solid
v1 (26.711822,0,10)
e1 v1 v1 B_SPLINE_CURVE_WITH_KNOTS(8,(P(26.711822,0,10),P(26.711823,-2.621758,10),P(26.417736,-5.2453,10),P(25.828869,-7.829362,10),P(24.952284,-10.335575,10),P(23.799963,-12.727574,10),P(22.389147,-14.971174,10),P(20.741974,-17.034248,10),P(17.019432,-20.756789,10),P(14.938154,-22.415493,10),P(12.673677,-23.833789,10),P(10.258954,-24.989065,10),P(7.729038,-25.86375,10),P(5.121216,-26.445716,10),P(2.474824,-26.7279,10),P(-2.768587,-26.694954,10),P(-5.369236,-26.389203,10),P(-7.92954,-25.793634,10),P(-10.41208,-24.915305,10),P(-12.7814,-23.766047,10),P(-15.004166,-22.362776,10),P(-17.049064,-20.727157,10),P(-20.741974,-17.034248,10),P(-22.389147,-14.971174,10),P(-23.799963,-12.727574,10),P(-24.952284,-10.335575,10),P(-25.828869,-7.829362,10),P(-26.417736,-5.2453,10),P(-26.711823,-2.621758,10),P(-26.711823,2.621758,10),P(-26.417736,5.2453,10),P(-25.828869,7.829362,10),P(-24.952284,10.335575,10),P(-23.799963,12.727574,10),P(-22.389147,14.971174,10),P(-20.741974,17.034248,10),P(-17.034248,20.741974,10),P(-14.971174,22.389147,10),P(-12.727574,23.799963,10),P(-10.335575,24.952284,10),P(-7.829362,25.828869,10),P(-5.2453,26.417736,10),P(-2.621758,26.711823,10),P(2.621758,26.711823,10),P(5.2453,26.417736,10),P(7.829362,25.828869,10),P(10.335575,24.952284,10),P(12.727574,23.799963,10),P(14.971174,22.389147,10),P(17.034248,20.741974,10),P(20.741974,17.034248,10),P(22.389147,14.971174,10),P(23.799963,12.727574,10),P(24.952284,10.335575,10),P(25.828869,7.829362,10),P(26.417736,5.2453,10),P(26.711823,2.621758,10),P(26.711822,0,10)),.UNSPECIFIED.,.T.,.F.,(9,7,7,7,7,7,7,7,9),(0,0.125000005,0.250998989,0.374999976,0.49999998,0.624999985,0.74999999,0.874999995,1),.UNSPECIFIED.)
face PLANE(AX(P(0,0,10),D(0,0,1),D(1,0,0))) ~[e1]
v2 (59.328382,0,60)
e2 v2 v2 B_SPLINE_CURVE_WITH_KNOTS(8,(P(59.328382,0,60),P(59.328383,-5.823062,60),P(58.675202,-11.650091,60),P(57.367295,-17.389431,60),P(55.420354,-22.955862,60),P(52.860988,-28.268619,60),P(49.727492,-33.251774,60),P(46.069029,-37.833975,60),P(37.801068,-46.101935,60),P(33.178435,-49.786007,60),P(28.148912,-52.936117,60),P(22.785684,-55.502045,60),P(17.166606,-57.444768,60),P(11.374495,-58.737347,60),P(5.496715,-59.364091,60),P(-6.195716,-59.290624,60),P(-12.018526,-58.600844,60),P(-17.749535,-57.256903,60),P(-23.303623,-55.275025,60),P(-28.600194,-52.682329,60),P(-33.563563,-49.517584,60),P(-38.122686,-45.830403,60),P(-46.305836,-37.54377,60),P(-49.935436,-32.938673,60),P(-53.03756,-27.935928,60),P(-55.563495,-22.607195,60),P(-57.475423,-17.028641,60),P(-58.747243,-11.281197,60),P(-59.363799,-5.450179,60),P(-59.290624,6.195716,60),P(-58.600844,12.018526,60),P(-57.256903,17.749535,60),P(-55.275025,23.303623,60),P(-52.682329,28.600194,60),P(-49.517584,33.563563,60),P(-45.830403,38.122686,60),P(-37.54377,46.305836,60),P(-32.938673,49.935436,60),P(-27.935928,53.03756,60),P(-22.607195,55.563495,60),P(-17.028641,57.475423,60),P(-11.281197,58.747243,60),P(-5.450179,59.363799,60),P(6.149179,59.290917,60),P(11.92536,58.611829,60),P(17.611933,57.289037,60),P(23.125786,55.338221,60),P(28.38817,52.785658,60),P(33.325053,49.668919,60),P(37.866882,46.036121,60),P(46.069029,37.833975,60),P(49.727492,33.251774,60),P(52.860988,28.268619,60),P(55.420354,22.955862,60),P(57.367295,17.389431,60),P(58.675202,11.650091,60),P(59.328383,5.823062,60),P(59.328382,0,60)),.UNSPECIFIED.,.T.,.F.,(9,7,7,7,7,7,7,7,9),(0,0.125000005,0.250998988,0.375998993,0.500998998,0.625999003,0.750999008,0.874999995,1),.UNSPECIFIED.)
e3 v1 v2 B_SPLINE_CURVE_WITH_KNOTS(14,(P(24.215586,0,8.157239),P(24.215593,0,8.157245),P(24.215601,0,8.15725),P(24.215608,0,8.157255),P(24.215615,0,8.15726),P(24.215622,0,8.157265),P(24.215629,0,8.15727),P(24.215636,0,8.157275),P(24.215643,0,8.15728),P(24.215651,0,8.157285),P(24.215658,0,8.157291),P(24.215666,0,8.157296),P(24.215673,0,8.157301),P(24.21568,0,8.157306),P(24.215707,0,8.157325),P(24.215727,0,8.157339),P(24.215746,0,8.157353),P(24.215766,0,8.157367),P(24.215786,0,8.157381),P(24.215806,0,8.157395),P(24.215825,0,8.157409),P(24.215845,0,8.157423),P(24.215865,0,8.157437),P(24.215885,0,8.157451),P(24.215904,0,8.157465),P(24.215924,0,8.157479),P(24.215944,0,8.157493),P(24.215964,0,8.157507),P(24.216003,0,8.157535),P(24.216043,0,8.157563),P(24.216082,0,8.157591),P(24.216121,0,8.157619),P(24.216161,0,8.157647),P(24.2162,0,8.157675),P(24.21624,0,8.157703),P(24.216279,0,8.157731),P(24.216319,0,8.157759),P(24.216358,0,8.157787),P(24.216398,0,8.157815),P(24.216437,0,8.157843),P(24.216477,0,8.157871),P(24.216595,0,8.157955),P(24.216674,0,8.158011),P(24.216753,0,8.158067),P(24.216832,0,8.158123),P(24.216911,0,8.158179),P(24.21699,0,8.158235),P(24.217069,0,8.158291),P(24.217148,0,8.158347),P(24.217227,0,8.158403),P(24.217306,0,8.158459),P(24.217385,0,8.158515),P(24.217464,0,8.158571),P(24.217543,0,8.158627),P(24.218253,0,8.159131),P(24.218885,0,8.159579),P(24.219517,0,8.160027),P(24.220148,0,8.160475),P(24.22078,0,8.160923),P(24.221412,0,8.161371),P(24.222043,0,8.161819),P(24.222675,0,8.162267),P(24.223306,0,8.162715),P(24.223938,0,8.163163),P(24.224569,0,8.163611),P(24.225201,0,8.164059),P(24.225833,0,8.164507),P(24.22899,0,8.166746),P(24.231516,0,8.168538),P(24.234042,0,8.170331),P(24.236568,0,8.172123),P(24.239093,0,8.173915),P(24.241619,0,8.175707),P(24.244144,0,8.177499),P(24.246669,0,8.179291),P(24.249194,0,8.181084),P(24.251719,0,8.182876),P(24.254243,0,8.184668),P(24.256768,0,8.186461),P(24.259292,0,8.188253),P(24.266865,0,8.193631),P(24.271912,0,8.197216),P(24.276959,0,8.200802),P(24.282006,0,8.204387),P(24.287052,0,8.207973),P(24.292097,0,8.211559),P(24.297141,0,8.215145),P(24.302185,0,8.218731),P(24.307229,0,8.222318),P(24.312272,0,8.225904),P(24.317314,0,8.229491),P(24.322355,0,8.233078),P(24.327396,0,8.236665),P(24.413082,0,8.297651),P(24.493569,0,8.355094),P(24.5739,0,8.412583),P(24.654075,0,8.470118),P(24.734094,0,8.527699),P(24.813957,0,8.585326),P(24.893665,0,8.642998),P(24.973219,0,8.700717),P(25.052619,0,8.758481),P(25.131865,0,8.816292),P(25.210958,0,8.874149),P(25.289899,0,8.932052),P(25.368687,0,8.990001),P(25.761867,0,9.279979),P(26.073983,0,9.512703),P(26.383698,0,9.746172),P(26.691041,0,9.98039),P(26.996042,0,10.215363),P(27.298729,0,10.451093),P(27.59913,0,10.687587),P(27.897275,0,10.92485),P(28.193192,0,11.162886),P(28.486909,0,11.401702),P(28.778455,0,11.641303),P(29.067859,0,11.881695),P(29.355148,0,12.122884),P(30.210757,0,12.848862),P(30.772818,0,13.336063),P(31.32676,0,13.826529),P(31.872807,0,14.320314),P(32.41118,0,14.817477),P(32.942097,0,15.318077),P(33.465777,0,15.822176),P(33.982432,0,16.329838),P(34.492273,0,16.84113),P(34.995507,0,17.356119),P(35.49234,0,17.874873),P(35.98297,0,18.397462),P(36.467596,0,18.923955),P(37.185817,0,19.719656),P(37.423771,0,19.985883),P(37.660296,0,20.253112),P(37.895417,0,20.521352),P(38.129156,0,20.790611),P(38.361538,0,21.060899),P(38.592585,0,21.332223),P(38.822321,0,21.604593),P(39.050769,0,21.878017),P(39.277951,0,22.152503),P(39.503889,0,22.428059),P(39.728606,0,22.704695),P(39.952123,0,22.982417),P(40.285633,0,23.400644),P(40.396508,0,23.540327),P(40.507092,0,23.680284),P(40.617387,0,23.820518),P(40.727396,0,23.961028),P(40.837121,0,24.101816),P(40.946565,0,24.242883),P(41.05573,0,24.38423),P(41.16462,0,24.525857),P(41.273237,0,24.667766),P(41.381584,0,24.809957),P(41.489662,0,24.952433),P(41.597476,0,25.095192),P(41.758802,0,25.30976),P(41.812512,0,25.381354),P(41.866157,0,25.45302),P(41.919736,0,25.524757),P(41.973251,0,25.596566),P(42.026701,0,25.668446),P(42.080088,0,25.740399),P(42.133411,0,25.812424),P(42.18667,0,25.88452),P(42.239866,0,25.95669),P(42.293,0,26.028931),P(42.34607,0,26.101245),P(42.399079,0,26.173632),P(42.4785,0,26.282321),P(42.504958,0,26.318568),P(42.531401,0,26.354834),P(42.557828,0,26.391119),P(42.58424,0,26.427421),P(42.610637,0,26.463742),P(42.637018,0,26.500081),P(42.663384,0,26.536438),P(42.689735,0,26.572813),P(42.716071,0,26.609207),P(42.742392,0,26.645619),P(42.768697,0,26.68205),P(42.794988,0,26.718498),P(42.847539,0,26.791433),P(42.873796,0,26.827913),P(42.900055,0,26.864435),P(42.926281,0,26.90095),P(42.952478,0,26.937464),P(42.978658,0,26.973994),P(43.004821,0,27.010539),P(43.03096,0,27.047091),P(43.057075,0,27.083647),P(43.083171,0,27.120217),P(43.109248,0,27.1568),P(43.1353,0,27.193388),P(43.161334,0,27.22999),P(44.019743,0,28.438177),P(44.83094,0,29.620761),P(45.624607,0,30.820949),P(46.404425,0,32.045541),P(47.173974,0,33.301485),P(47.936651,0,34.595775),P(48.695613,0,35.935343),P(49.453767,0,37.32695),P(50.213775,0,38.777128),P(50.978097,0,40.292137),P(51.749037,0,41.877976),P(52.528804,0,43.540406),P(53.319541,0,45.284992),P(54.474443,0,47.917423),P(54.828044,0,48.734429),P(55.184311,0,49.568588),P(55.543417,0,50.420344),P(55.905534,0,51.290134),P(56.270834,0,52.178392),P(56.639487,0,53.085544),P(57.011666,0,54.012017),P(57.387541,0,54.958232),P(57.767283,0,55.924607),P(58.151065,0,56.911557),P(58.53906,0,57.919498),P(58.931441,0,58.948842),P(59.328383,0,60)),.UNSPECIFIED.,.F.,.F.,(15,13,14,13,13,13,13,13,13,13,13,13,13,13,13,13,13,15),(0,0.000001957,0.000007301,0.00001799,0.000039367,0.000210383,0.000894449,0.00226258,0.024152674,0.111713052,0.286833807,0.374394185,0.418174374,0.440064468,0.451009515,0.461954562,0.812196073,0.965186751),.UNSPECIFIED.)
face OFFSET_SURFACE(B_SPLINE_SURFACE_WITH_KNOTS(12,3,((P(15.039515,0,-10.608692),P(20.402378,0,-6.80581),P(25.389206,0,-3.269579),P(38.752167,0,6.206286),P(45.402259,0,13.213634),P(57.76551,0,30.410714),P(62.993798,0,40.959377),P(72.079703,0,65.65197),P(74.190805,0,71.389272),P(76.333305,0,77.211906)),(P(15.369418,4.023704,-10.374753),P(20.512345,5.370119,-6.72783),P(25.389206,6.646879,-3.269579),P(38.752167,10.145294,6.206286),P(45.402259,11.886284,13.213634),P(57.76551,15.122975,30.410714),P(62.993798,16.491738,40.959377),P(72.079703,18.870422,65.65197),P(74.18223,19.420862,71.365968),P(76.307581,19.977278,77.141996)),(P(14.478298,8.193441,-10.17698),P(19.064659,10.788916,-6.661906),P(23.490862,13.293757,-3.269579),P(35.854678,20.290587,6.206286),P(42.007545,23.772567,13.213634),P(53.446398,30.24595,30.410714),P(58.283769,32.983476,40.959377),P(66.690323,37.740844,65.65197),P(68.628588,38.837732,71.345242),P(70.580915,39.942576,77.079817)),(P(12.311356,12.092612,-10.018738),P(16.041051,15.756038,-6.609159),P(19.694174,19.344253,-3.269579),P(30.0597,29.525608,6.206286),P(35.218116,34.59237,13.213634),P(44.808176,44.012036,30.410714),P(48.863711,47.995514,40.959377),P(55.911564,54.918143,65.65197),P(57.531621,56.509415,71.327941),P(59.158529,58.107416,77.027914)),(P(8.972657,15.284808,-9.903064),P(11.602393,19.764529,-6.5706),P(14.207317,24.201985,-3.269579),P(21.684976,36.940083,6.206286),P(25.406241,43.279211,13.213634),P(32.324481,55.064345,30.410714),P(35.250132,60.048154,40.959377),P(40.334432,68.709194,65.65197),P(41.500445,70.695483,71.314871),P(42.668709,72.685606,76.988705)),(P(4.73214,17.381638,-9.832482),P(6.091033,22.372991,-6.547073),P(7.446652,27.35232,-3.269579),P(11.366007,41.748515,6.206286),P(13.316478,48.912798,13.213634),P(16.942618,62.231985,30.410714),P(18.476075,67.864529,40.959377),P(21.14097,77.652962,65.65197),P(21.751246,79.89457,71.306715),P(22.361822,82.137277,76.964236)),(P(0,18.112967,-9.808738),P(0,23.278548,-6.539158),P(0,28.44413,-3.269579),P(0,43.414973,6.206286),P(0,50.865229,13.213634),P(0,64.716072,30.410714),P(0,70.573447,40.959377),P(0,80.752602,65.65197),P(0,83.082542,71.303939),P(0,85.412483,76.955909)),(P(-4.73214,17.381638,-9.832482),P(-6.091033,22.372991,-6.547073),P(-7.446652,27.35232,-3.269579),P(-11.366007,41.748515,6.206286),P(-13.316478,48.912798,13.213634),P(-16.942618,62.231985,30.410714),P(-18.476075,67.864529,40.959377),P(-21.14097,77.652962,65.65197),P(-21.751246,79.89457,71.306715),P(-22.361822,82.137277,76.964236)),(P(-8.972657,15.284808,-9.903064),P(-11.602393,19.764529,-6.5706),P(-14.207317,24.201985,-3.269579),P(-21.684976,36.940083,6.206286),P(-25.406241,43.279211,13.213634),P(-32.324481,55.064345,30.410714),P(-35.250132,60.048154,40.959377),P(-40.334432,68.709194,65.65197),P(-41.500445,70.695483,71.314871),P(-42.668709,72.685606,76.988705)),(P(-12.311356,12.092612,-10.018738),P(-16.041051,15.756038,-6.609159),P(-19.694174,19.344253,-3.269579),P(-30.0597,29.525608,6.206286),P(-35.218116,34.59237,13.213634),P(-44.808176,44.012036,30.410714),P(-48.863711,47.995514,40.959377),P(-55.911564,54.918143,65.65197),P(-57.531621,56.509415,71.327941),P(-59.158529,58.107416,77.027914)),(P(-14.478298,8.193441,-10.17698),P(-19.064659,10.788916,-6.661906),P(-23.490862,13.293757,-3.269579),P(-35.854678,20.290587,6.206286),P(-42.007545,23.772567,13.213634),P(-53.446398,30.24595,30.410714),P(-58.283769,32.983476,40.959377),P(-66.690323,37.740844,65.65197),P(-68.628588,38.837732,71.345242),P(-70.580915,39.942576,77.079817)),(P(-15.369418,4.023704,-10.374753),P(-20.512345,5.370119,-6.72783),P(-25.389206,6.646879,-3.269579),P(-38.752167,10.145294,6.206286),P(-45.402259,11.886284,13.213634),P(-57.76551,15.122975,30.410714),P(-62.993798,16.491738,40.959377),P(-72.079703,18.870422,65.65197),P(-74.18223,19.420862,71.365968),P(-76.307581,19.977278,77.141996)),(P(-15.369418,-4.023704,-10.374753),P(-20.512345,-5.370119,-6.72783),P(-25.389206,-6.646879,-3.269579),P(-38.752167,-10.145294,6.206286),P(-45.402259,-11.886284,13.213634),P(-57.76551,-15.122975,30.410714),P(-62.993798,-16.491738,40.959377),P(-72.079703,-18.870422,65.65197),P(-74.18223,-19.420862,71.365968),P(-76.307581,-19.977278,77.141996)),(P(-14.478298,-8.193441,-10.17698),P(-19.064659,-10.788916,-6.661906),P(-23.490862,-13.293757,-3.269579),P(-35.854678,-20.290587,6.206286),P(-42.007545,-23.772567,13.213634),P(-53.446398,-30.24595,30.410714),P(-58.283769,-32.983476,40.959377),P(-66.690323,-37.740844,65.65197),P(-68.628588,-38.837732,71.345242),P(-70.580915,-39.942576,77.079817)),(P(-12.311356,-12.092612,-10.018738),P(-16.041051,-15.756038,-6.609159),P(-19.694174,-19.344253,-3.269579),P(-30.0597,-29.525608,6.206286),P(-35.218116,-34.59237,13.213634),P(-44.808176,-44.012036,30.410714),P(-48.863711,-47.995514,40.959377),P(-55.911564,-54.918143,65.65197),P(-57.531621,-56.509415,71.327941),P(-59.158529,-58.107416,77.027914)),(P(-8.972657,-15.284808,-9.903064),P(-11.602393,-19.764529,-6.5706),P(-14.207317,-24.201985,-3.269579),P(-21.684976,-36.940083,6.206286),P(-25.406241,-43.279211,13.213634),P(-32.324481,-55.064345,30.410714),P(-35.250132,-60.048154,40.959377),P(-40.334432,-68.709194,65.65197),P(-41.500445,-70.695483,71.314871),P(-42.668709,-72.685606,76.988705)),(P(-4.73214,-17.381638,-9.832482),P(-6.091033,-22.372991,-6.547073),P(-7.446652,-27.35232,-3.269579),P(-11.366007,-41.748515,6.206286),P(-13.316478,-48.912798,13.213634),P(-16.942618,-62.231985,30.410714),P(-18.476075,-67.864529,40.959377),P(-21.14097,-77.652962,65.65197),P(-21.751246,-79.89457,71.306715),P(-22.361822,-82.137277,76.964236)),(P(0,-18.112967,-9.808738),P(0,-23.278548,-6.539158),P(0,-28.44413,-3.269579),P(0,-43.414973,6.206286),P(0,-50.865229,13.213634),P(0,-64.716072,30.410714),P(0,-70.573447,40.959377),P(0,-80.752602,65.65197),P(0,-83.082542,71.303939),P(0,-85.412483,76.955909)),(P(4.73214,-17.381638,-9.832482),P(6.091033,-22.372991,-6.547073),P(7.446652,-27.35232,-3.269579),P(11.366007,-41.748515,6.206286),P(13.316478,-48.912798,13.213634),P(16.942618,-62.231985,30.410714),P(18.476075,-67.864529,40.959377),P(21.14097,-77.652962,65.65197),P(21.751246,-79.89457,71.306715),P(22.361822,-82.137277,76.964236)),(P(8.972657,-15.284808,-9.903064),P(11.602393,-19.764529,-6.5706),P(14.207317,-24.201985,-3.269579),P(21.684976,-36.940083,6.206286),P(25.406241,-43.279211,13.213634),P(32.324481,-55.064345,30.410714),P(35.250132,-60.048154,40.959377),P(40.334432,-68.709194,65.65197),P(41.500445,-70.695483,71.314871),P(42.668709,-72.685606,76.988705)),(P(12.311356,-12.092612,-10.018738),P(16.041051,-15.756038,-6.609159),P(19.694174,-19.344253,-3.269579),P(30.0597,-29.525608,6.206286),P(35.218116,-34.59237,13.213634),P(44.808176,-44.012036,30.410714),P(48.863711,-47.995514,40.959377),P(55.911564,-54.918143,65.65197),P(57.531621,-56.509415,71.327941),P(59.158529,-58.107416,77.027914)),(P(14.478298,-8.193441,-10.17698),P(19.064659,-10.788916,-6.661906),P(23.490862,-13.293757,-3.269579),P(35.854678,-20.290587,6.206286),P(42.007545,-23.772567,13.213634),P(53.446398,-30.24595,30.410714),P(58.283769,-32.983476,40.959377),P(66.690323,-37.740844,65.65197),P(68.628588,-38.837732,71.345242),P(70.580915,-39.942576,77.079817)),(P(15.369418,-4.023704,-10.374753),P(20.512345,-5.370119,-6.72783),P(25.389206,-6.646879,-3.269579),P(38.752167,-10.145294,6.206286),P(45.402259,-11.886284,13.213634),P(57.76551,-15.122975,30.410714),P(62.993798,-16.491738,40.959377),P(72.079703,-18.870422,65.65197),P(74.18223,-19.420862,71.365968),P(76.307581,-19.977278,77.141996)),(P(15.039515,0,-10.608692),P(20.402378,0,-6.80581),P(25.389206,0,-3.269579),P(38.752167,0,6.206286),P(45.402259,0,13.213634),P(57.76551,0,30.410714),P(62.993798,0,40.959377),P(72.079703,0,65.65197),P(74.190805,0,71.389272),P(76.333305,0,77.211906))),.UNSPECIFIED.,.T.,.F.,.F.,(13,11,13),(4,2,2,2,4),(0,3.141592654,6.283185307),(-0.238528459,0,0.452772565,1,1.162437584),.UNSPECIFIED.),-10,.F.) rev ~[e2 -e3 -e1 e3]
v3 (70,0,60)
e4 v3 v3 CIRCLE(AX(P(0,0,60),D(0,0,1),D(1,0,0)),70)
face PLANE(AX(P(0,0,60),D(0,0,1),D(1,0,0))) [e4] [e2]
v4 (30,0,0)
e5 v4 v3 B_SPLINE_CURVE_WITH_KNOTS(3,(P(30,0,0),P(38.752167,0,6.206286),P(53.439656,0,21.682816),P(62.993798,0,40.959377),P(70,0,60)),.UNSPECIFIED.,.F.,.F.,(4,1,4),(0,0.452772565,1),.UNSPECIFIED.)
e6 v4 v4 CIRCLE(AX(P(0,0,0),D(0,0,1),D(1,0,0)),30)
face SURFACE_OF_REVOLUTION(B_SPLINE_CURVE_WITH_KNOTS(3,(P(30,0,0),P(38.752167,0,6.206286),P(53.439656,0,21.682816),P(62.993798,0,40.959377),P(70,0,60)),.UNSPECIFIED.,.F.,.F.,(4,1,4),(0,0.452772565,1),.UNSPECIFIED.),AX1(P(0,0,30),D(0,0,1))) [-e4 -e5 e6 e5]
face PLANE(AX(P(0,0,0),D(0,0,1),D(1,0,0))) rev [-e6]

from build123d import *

# Parameters (mm, degrees)
F2_T = -10


with BuildPart() as f1:
    # F0 (on Front) → F1 (revolve)
    with BuildSketch(Plane.XZ):
        with BuildLine():
            Line((0, 60), (0, 0))
            Line((0, 0), (30, 0))
            add(Edge.make_bspline(
                [(30, 0), (38.7521672358, 6.2062857758), (53.4396564612, 21.6828160602), (62.9937983575, 40.9593766205), (70, 60)],
                knots=[0, 0, 0, 0, 0.4527725652, 1, 1, 1, 1], degree=3))
            Line((70, 60), (0, 60))
        make_face()
    revolve(axis=Axis((0, 0, 30), (0, 0, 1)))

    # F2
    f2_openings = [f1.faces().sort_by_distance(p)[0] for p in [
        (0, 0, 60),
    ]]
    offset(amount=F2_T, openings=f2_openings)


solid = f1.part
